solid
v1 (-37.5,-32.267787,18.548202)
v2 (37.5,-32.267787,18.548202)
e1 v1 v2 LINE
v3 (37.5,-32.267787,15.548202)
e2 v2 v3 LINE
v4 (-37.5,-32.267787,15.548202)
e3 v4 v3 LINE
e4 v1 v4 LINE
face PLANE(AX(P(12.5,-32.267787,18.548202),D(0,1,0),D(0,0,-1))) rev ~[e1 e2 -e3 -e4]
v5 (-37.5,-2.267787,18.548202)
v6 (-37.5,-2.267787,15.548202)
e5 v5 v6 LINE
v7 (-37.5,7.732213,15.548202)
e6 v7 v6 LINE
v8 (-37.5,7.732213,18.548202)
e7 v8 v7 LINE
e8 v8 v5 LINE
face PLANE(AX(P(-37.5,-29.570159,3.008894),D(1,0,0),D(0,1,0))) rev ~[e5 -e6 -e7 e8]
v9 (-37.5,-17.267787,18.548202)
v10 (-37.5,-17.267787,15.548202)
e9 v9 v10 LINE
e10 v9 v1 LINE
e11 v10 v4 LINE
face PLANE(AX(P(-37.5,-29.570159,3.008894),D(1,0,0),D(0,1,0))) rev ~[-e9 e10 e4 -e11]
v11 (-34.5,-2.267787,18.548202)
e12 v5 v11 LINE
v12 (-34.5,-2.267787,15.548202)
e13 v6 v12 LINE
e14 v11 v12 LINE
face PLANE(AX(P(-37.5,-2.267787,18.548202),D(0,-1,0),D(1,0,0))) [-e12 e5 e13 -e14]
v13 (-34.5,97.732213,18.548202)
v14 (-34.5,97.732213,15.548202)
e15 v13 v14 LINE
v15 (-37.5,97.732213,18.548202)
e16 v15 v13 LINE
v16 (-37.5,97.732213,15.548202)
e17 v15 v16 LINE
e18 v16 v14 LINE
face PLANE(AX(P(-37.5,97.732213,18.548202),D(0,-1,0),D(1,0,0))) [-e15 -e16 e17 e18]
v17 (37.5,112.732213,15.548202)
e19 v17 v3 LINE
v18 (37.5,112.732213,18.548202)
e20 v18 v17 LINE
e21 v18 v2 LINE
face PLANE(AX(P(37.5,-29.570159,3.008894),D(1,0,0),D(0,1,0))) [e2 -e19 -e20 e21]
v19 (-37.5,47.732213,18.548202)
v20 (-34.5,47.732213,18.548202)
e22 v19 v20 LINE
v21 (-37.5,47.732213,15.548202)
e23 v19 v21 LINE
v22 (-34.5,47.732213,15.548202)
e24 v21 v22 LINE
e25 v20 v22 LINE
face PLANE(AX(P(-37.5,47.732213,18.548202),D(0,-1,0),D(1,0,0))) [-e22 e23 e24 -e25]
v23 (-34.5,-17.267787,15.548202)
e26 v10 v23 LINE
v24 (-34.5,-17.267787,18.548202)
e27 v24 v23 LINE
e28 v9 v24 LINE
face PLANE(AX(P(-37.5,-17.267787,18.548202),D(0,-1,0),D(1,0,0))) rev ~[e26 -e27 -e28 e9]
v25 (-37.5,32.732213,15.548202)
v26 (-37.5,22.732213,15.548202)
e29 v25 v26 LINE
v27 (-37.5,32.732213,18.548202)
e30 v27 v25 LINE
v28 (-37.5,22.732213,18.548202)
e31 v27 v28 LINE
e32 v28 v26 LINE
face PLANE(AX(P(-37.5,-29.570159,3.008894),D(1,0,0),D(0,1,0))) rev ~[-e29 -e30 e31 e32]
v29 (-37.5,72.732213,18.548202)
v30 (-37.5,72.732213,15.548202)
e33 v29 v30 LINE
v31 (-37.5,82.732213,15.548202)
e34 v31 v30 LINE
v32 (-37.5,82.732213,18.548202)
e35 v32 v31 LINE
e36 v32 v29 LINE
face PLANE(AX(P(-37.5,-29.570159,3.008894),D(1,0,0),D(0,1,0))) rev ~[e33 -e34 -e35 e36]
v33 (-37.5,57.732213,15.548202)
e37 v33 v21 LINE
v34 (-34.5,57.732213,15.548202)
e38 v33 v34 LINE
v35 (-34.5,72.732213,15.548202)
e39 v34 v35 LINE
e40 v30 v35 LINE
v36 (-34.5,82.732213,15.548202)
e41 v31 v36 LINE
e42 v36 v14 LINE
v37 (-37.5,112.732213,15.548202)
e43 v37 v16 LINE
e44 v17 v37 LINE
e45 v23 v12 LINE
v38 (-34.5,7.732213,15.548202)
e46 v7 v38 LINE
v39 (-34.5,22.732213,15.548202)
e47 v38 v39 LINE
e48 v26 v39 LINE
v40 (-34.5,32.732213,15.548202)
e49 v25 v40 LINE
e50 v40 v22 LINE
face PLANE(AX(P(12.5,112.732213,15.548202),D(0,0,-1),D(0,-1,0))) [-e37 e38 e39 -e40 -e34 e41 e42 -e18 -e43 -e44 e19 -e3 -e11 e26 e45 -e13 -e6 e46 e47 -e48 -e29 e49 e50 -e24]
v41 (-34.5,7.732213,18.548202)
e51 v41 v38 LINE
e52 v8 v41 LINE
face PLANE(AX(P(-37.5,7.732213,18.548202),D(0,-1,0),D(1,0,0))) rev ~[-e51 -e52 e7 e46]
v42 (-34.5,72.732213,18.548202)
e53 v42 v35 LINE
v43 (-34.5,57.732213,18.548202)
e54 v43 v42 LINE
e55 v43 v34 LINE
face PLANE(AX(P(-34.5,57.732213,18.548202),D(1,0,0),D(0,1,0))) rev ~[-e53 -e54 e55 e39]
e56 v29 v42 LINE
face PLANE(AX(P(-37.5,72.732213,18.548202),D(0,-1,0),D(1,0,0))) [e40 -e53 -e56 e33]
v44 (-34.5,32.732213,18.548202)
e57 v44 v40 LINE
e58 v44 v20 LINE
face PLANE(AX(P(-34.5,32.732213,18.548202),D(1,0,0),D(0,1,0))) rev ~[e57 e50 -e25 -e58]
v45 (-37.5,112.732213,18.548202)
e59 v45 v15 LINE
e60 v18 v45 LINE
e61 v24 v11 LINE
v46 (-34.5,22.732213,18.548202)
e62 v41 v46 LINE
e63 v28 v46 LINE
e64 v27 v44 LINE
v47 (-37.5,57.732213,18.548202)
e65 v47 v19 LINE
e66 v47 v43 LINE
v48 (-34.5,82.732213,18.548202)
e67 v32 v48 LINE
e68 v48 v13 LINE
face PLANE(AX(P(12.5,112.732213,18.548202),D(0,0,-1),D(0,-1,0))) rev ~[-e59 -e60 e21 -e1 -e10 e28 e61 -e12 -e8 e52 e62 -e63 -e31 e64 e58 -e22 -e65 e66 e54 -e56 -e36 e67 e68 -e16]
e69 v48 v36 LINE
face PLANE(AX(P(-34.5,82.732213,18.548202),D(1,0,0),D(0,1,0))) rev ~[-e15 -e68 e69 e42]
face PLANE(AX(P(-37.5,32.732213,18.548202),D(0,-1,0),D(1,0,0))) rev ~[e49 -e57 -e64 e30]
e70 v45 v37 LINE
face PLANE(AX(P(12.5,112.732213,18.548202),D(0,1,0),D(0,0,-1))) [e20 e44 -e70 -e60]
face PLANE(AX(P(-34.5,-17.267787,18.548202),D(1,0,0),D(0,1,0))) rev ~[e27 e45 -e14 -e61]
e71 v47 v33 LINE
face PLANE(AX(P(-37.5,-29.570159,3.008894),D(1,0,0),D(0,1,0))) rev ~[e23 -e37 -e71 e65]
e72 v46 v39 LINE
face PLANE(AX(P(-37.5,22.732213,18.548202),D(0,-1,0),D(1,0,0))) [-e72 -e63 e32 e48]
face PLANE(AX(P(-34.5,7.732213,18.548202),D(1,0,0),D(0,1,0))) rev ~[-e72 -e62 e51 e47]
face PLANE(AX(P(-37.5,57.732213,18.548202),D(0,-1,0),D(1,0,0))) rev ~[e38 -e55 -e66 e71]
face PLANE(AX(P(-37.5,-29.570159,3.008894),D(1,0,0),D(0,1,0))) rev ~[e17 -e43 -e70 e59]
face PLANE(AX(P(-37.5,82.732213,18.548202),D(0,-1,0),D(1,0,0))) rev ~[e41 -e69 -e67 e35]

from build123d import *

# Parameters (mm, degrees)
F0_W     = 5.3952559829
F0_H     = 21.7885393649
F0_W_2   = 6.4328089356
F0_H_2   = 60.9454013749
F1_DEPTH = 12.5
F3_W     = 25
F3_H     = 62.590439771
F4_DEPTH = 146.2136954069
F5_DEPTH = 25
F6_W     = 3
F6_H     = 15
F6_W_2   = 50
F6_H_2   = 1.2136954069
F7_DEPTH = 3
F8_DEPTH = 25


with BuildPart() as f1:
    # F0 (on Right) → F1 (new body, symmetric)
    with BuildSketch(Plane.YZ):
        with Locations((-29.570158571, 3.008893691)):
            Rectangle(F0_W, F0_H)
        Polygon((113.9459088445, 18.5482017696), (-32.2677865624, 18.5482017696), (-32.2677865624, 13.9031633735), (-26.8725305796, 13.9031633735), (107.5130999088, 13.9031633735), (113.9459088445, 13.9031633735), align=None)
        with Locations((110.7295043766, -16.569537314)):
            Rectangle(F0_W_2, F0_H_2)
    extrude(amount=F1_DEPTH, both=True)

    # F3 (on face) → F4 (cut, through all)
    with BuildSketch(Plane(origin=(0, 113.9459088445, 0), x_dir=(-1, 0, 0), z_dir=(0, 1, 0))):
        with Locations((0, -15.7470181159)):
            Rectangle(F3_W, F3_H)
    extrude(amount=-F4_DEPTH, mode=Mode.SUBTRACT)

    # F5 (add): a face of the model
    f5_faces = [f1.faces().sort_by_distance(p)[0] for p in [
        (-12.5, 40.839061141, 17.0482017696),
    ]]
    extrude(f5_faces, amount=F5_DEPTH)

    # F6 (on face) → F7 (cut, through all)
    with BuildSketch(Plane.XY.offset(18.5482017696)):
        with Locations((-36, -9.7677865624)):
            Rectangle(F6_W, F6_H)
        with Locations((-36, 15.2322134376)):
            Rectangle(F6_W, F6_H)
        with Locations((-36, 40.2322134376)):
            Rectangle(F6_W, F6_H)
        with Locations((-36, 65.2322134376)):
            Rectangle(F6_W, F6_H)
        with Locations((-36, 90.2322134376)):
            Rectangle(F6_W, F6_H)
        with Locations((-12.5, 113.339061141)):
            Rectangle(F6_W_2, F6_H_2)
    extrude(amount=-F7_DEPTH, mode=Mode.SUBTRACT)

    # F8 (add): a face of the model
    f8_faces = [f1.faces().sort_by_distance(p)[0] for p in [
        (12.5, 40.2322134376, 17.0482017696),
    ]]
    extrude(f8_faces, amount=F8_DEPTH)


solid = f1.part
